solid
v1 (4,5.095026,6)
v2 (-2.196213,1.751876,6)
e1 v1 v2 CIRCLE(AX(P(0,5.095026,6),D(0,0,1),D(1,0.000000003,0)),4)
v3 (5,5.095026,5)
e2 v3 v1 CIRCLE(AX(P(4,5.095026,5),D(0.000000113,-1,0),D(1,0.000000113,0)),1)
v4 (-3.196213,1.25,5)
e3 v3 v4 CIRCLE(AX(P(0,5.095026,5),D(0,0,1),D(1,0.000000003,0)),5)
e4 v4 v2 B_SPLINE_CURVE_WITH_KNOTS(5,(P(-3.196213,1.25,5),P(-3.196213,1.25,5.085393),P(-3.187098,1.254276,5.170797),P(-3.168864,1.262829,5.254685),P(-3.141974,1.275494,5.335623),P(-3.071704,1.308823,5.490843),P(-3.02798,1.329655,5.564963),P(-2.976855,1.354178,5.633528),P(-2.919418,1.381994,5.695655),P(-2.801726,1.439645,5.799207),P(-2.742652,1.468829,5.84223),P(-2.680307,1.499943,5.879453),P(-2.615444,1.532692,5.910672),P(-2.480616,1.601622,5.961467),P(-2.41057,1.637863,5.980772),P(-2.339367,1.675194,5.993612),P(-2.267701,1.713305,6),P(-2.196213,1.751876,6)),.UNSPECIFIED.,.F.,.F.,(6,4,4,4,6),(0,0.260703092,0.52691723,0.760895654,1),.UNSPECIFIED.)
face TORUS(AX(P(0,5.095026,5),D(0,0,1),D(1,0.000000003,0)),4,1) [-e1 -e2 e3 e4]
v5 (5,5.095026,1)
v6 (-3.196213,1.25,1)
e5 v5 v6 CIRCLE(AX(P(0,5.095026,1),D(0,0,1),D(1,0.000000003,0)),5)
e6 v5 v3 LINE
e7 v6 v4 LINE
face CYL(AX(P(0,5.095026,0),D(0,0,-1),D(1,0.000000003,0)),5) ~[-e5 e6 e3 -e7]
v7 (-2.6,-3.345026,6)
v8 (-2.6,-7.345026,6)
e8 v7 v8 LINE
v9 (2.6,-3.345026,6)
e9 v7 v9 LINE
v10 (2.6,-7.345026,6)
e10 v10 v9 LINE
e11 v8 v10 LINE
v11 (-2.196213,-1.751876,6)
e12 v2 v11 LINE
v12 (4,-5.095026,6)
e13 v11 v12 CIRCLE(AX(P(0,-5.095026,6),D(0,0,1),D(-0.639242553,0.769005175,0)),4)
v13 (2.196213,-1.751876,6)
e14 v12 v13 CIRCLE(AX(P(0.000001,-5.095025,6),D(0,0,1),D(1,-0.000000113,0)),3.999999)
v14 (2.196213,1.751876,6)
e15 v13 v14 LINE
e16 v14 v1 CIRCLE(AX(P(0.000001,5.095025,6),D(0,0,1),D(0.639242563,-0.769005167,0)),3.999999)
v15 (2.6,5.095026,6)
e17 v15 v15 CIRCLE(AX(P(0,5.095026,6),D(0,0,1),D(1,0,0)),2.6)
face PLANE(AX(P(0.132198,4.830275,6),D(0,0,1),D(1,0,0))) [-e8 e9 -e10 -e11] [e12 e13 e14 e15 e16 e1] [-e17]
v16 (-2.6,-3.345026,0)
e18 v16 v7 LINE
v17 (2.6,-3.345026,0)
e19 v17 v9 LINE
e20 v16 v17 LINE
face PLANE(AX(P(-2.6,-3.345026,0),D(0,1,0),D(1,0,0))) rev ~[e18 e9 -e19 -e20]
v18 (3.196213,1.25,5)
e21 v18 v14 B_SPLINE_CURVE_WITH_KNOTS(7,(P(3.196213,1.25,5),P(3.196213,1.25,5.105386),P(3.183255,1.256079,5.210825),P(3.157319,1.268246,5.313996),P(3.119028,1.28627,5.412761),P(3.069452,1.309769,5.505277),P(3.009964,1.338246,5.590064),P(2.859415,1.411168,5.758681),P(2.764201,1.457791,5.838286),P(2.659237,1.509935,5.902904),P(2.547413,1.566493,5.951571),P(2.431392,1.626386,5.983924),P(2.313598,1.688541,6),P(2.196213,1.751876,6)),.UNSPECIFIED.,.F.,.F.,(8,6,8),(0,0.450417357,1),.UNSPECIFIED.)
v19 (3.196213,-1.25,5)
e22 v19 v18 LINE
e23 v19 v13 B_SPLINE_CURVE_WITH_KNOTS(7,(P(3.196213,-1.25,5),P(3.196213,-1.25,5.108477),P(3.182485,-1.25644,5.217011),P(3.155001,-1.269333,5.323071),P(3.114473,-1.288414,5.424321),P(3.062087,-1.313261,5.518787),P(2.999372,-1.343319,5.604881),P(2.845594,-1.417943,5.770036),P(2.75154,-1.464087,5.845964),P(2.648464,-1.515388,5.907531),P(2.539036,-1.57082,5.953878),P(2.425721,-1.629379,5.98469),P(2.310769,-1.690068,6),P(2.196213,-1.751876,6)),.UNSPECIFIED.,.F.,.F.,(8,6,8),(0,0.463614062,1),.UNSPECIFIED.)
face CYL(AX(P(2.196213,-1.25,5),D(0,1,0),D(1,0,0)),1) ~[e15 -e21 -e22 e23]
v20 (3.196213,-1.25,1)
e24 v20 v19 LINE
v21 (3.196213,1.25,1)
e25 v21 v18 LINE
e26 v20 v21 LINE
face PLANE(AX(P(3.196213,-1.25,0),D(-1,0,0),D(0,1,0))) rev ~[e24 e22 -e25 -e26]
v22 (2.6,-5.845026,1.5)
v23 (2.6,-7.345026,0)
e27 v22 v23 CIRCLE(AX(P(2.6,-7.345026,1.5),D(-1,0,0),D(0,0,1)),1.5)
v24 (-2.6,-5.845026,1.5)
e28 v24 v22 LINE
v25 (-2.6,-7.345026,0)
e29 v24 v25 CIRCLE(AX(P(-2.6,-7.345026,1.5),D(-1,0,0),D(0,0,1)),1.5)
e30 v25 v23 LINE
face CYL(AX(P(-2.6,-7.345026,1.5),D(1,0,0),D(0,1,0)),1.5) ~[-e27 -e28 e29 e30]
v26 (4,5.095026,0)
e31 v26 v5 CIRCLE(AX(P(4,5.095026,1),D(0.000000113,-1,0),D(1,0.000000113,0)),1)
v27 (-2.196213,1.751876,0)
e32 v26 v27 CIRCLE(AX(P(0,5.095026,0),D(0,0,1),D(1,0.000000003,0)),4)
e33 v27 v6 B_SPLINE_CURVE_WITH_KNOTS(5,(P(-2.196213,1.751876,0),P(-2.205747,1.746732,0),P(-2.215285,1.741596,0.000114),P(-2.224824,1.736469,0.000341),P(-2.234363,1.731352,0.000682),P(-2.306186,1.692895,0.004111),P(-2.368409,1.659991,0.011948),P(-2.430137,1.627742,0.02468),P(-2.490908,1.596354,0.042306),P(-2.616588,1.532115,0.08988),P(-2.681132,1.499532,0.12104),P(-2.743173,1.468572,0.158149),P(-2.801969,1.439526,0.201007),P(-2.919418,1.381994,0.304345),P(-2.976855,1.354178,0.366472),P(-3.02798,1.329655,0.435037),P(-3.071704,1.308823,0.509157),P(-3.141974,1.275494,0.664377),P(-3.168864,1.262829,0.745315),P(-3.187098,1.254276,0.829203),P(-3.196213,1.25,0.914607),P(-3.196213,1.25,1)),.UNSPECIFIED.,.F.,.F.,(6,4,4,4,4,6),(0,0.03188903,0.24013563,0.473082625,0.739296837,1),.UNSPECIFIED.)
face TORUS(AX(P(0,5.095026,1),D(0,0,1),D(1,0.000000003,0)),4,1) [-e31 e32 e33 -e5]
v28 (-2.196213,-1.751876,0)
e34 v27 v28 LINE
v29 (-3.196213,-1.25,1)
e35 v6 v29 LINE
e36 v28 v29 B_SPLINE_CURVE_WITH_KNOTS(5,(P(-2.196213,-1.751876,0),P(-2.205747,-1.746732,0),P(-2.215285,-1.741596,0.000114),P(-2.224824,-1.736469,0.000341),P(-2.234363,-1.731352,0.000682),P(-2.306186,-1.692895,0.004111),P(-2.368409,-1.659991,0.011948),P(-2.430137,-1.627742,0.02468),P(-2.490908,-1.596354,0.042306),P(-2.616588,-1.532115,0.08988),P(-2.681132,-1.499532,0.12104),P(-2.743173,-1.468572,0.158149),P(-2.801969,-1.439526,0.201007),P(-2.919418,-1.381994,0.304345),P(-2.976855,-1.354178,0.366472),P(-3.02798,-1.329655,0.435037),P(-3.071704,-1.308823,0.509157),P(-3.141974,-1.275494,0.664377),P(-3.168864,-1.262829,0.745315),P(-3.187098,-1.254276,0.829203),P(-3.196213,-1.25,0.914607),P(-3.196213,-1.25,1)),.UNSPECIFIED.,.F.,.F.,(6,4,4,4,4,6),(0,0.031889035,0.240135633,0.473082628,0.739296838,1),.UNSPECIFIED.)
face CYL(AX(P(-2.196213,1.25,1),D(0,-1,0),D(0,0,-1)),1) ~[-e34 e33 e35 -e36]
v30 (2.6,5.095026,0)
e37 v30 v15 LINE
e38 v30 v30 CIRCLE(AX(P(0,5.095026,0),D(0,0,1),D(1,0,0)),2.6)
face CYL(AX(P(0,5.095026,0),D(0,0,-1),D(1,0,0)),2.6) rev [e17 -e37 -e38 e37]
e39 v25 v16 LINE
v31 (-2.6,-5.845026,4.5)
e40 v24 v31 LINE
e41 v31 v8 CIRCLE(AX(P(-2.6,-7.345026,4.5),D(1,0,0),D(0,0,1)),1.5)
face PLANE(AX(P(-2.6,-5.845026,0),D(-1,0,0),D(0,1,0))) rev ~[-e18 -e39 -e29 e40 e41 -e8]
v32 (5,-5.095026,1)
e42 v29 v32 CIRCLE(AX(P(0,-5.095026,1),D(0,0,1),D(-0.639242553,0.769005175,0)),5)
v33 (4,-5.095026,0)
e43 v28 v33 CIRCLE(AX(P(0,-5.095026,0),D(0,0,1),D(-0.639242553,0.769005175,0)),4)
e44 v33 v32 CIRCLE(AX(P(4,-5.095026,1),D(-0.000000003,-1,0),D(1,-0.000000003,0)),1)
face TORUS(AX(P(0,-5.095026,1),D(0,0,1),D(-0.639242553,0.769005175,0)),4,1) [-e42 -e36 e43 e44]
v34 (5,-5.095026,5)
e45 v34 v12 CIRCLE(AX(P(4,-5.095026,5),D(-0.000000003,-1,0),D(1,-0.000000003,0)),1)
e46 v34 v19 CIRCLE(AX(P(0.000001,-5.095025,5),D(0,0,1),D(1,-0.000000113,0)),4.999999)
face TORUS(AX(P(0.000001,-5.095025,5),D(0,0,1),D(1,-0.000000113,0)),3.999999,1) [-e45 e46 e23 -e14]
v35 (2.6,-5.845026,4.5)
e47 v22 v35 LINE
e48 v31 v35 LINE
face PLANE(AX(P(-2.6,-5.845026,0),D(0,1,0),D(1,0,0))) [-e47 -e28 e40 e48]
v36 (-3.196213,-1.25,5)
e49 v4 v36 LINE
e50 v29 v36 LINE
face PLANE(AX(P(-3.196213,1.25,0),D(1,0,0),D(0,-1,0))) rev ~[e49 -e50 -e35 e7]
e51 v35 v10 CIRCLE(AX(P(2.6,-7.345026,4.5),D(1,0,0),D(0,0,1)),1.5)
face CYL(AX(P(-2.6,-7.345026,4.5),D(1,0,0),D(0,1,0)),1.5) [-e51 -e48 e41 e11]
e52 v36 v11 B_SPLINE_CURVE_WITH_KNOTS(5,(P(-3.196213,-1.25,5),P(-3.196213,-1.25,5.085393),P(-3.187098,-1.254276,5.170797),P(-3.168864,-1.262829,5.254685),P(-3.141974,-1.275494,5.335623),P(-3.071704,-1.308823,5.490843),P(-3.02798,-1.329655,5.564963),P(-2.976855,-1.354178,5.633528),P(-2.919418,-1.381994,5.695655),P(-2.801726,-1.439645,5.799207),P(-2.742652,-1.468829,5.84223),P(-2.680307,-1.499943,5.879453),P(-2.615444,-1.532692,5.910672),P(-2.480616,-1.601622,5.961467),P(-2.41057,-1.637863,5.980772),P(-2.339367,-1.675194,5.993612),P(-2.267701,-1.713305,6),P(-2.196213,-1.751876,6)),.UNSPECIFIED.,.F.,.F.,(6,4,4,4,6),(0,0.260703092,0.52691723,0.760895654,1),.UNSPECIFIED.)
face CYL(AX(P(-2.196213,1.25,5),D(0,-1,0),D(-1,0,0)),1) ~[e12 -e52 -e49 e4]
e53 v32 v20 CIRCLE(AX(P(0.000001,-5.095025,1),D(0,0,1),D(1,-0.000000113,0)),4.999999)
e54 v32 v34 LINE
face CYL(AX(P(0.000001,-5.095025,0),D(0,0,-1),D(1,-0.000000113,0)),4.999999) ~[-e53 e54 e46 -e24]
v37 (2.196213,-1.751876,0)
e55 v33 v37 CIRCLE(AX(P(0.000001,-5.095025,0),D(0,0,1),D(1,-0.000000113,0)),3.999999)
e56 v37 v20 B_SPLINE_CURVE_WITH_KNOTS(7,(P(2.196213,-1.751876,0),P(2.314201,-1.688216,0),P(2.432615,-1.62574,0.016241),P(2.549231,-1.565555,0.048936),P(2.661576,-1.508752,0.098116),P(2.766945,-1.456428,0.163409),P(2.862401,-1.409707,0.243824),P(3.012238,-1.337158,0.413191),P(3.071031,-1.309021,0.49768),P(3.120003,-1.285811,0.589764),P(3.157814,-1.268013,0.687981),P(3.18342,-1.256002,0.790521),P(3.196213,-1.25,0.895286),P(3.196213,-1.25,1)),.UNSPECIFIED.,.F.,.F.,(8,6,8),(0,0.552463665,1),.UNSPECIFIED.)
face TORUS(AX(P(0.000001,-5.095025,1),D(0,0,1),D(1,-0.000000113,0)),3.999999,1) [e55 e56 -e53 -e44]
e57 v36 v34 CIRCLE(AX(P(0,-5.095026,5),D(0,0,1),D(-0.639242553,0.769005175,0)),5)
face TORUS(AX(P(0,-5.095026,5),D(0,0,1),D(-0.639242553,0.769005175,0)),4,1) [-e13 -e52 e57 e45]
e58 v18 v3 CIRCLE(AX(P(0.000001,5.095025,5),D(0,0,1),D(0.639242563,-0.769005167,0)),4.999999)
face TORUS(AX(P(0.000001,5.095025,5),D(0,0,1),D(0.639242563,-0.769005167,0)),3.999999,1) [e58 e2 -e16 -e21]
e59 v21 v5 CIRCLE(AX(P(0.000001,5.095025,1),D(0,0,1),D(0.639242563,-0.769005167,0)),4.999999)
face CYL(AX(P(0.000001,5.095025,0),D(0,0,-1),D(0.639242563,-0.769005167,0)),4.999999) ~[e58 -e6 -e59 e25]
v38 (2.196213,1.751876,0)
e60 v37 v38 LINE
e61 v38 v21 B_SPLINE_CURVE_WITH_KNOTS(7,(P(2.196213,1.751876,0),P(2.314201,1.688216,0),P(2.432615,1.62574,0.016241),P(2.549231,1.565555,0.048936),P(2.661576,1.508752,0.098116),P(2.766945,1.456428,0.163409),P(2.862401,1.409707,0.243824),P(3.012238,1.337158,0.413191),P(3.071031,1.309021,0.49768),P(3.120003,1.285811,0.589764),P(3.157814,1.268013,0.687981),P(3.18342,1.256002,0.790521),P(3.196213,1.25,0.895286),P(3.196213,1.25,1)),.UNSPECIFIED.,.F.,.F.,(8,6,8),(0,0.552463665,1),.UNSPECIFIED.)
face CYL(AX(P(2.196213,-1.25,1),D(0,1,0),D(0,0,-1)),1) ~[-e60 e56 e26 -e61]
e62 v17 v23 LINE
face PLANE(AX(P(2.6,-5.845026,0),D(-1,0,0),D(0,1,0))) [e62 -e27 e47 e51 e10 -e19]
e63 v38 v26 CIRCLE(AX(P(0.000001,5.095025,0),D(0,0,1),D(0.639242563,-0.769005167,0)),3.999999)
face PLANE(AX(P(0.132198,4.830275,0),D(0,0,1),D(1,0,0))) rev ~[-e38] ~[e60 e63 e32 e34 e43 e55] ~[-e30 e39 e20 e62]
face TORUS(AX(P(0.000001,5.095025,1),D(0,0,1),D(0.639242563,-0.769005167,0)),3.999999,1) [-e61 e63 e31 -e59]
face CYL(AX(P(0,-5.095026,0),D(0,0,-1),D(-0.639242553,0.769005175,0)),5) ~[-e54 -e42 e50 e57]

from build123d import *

# Parameters (mm, degrees)
F0_R     = 2.6
F0_W     = 5.2
F0_H     = 2.5
F1_DEPTH = 6
F2_R     = 1.5
F3_R     = 1


with BuildPart() as f1:
    # F0 (on Top) → F1 (new body)
    with BuildSketch(Plane.XY):
        with BuildLine():
            ThreePointArc((3.196213, 1.25), (4.526647, 2.971475), (5, 5.095026))
            ThreePointArc((5, 5.095026), (-2.123551, 9.621673), (-3.196213, 1.25))
            ThreePointArc((-3.196213, 1.25), (0, 0.095026), (3.196213, 1.25))
        make_face()
        with Locations((0, 5.095026)):
            Circle(F0_R, mode=Mode.SUBTRACT)
        with BuildLine():
            ThreePointArc((3.196213, 1.25), (0, 0.095026), (-3.196213, 1.25))
            Line((-3.196213, 1.25), (-3.196213, 0))
            Line((-3.196213, 0), (0, 0))
            Line((0, 0), (3.196213, 0))
            Line((3.196213, 0), (3.196213, 1.25))
        make_face()
        with BuildLine():
            Line((0, 0), (-3.196213, 0))
            Line((-3.196213, 0), (-3.196213, -1.25))
            ThreePointArc((-3.196213, -1.25), (0, -0.095026), (3.196213, -1.25))
            Line((3.196213, -1.25), (3.196213, 0))
            Line((3.196213, 0), (0, 0))
        make_face()
        with BuildLine():
            ThreePointArc((3.196213, -1.25), (0, -0.095026), (-3.196213, -1.25))
            ThreePointArc((-3.196213, -1.25), (-2.123551, -9.621673), (5, -5.095026))
            ThreePointArc((5, -5.095026), (4.526647, -2.971475), (3.196213, -1.25))
        make_face()
        with Locations((0, -4.595026)):
            Rectangle(F0_W, F0_H, mode=Mode.SUBTRACT)
    extrude(amount=F1_DEPTH)

    # F2
    f2_edges = [f1.edges().sort_by_distance(p)[0] for p in [
        (0, -5.845026, 6),
        (0, -5.845026, 0),
    ]]
    fillet(f2_edges, radius=F2_R)

    # F3
    f3_edges = [f1.edges().sort_by_distance(p)[0] for p in [
        (-3.196213, 0, 6),
        (0, 10.095026, 6),
        (3.196213, 0, 6),
        (0, -10.095026, 6),
        (0, 10.095026, 0),
        (3.196213, 0, 0),
        (-3.196213, 0, 0),
        (0, -10.095026, 0),
    ]]
    fillet(f3_edges, radius=F3_R)


solid = f1.part
